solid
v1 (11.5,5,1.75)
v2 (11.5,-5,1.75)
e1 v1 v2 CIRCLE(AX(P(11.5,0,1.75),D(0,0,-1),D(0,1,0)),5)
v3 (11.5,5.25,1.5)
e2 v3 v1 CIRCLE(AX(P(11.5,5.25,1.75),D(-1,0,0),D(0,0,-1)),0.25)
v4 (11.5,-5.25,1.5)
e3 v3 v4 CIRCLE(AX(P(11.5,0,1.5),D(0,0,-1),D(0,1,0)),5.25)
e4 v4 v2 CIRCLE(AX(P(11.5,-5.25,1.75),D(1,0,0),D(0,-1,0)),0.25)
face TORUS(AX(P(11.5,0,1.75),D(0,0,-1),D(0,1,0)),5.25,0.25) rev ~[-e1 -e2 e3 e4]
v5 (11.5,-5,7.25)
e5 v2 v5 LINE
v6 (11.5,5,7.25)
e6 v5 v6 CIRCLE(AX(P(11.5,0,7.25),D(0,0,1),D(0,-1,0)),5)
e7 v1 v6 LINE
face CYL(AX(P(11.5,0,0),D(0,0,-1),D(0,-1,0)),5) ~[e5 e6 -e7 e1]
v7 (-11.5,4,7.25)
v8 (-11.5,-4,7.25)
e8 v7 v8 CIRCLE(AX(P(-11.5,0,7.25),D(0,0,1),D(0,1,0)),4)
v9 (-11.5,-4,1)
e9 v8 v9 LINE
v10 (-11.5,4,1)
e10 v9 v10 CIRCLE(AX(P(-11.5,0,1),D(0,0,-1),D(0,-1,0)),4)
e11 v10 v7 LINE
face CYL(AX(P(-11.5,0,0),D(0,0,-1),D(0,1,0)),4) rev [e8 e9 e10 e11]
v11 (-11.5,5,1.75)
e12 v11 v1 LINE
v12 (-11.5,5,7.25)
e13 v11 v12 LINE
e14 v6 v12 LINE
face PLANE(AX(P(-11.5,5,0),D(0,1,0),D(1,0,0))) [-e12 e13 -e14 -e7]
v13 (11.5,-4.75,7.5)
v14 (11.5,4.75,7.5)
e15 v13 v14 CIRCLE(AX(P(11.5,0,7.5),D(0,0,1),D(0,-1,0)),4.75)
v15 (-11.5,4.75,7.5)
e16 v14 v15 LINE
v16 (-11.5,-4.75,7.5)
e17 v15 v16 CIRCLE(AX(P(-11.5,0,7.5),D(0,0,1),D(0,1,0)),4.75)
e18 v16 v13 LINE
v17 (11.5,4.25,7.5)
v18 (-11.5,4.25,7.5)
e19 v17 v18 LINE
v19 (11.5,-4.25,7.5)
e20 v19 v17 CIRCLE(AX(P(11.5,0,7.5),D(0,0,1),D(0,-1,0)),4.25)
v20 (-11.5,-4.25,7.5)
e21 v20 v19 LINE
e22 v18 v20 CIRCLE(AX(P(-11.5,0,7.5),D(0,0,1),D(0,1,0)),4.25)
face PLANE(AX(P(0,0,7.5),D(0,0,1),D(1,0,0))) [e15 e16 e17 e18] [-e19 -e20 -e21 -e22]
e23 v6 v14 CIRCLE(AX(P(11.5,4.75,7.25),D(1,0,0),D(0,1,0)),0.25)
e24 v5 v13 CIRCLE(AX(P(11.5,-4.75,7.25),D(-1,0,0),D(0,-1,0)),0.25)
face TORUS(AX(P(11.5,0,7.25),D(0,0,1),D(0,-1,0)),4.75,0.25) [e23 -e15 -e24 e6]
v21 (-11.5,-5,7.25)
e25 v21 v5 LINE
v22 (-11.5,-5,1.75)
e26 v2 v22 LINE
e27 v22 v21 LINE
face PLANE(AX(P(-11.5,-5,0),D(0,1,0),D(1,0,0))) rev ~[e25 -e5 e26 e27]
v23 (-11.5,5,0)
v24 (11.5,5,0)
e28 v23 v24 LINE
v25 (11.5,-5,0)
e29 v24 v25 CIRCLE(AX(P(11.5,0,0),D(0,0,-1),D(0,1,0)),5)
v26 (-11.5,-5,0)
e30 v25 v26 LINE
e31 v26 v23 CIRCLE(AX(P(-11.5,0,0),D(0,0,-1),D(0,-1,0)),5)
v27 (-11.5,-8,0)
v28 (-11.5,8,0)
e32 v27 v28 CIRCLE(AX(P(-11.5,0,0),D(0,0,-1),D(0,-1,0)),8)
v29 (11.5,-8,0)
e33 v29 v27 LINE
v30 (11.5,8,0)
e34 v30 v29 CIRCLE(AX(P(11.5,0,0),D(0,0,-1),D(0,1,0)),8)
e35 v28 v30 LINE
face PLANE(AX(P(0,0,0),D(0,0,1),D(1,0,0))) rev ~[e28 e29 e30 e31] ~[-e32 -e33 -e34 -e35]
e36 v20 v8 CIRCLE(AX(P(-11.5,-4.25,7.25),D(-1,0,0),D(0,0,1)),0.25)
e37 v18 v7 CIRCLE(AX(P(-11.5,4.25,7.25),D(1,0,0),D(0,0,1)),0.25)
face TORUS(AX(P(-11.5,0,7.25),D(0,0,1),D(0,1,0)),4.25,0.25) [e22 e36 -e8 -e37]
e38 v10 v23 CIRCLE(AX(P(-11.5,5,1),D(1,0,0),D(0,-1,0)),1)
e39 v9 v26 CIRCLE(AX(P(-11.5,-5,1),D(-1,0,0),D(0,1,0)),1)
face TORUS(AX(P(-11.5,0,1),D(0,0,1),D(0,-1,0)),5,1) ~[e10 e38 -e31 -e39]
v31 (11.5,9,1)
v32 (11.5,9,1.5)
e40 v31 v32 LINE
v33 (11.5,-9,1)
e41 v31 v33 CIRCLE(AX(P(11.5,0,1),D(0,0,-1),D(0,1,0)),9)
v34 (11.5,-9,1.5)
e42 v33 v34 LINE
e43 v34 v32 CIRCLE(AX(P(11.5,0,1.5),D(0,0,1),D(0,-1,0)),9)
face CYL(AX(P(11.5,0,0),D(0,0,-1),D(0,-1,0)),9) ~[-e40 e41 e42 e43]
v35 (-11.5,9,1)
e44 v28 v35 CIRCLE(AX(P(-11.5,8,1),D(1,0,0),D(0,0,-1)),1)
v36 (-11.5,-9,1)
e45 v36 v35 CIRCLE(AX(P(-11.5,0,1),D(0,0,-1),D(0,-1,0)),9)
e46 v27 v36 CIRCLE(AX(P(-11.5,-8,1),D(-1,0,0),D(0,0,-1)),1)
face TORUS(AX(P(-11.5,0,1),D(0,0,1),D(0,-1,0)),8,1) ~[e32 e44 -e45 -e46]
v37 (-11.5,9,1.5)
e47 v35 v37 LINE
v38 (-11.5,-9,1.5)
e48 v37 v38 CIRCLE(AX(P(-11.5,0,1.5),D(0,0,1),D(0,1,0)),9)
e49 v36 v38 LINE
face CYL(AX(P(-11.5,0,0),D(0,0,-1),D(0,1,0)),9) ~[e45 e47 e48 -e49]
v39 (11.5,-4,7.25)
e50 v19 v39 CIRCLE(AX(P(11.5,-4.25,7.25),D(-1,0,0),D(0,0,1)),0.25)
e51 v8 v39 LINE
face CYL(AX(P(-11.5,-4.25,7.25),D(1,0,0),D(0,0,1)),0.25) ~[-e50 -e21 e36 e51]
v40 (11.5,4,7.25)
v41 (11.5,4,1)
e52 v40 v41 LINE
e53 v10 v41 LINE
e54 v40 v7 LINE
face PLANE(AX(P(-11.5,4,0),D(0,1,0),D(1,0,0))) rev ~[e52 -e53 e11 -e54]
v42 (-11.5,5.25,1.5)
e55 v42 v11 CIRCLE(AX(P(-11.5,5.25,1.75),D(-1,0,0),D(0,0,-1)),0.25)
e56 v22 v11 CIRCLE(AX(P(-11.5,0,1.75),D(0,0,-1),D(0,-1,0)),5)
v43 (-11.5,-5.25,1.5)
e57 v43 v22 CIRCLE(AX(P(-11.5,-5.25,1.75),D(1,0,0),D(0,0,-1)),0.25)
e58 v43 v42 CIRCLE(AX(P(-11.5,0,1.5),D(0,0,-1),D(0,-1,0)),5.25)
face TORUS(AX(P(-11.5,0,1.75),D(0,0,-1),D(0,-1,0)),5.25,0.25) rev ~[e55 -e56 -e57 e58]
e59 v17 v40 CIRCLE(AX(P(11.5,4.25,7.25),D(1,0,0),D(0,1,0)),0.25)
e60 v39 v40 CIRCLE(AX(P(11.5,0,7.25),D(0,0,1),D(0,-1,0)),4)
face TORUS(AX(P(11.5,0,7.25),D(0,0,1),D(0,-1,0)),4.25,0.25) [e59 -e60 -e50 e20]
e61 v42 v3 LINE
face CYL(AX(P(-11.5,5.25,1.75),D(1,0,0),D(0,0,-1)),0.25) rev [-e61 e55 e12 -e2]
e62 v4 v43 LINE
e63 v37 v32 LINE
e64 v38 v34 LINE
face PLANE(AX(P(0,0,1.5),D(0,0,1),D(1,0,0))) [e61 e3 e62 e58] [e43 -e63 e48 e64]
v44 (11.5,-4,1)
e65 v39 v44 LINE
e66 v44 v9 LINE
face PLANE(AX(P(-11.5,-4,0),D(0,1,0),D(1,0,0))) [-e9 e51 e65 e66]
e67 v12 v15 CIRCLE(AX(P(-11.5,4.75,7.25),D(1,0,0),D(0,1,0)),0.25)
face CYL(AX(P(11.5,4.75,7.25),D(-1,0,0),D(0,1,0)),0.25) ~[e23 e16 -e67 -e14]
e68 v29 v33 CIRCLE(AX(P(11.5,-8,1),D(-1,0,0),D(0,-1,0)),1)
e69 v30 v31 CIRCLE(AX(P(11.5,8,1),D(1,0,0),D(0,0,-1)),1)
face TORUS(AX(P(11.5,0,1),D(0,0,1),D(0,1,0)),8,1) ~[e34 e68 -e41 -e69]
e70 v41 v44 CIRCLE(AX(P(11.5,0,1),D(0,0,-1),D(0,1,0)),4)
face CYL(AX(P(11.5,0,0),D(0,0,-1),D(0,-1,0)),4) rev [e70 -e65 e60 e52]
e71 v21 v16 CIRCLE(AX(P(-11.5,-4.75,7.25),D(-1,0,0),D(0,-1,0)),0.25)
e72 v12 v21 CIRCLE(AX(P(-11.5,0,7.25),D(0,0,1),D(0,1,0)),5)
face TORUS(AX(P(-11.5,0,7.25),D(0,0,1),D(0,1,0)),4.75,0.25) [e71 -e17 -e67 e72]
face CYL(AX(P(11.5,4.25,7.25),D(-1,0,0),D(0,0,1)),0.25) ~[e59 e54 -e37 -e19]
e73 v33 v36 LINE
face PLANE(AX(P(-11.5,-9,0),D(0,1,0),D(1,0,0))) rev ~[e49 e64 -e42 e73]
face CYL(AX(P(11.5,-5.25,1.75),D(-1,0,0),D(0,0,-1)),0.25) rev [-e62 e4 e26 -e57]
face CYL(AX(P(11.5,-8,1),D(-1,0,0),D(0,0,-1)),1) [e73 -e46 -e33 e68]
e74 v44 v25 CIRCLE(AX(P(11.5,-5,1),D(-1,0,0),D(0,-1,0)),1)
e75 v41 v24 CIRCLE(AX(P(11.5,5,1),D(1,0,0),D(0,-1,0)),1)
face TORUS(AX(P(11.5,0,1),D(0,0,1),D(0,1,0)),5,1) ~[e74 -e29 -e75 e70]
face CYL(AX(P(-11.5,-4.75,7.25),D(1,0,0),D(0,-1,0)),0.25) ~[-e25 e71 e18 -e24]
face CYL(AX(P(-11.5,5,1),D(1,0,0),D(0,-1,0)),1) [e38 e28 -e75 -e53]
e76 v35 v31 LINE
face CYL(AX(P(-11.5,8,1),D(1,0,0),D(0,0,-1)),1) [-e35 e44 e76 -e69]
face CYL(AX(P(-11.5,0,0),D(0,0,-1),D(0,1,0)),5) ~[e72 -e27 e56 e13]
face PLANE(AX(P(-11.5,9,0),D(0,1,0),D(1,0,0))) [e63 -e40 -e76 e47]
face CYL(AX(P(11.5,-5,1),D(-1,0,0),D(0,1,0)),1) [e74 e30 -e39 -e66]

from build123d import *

# Parameters (mm, degrees)
PAD_DEPTH    = 7.5
PAD001_DEPTH = 1.5
FILLET_R     = 1
FILLET001_R  = 0.25
FILLET002_R  = 0.25


with BuildPart() as part:
    # Sketch → Pad (new body)
    with BuildSketch(Plane.XY):
        with BuildLine():
            ThreePointArc((-11.5, 5), (-16.5, 0), (-11.5, -5))
            Line((-11.5, -5), (11.5, -5))
            ThreePointArc((11.5, -5), (16.5, 0), (11.5, 5))
            Line((-11.5, 5), (11.5, 5))
        make_face()
        with BuildLine():
            ThreePointArc((-11.5, 4), (-15.5, 0), (-11.5, -4))
            Line((-11.5, -4), (11.5, -4))
            ThreePointArc((11.5, -4), (15.5, 0), (11.5, 4))
            Line((-11.5, 4), (11.5, 4))
        make_face(mode=Mode.SUBTRACT)
    extrude(amount=PAD_DEPTH)

    # Sketch001 → Pad001 (join)
    with BuildSketch(Plane.XY):
        with BuildLine():
            ThreePointArc((-11.5, 9), (-20.5, 0), (-11.5, -9))
            Line((-11.5, -9), (11.5, -9))
            ThreePointArc((11.5, -9), (20.5, 0), (11.5, 9))
            Line((-11.5, 9), (11.5, 9))
        make_face()
        with BuildLine():
            ThreePointArc((-11.5, 4), (-15.5, 0), (-11.5, -4))
            Line((-11.5, -4), (11.5, -4))
            ThreePointArc((11.5, -4), (15.5, 0), (11.5, 4))
            Line((-11.5, 4), (11.5, 4))
        make_face(mode=Mode.SUBTRACT)
    extrude(amount=PAD001_DEPTH)

    # Fillet
    fillet_edges = [part.edges().sort_by_distance(p)[0] for p in [
        (0, 9, 0),
        (0, 4, 0),
    ]]
    fillet(fillet_edges, radius=FILLET_R)

    # Fillet001
    fillet001_edges = [part.edges().sort_by_distance(p)[0] for p in [
        (0, -5, 7.5),
        (0, -4, 7.5),
    ]]
    fillet(fillet001_edges, radius=FILLET001_R)

    # Fillet002
    fillet002_edges = [part.edges().sort_by_distance(p)[0] for p in [
        (0, 5, 1.5),
    ]]
    fillet(fillet002_edges, radius=FILLET002_R)


solid = part.part
